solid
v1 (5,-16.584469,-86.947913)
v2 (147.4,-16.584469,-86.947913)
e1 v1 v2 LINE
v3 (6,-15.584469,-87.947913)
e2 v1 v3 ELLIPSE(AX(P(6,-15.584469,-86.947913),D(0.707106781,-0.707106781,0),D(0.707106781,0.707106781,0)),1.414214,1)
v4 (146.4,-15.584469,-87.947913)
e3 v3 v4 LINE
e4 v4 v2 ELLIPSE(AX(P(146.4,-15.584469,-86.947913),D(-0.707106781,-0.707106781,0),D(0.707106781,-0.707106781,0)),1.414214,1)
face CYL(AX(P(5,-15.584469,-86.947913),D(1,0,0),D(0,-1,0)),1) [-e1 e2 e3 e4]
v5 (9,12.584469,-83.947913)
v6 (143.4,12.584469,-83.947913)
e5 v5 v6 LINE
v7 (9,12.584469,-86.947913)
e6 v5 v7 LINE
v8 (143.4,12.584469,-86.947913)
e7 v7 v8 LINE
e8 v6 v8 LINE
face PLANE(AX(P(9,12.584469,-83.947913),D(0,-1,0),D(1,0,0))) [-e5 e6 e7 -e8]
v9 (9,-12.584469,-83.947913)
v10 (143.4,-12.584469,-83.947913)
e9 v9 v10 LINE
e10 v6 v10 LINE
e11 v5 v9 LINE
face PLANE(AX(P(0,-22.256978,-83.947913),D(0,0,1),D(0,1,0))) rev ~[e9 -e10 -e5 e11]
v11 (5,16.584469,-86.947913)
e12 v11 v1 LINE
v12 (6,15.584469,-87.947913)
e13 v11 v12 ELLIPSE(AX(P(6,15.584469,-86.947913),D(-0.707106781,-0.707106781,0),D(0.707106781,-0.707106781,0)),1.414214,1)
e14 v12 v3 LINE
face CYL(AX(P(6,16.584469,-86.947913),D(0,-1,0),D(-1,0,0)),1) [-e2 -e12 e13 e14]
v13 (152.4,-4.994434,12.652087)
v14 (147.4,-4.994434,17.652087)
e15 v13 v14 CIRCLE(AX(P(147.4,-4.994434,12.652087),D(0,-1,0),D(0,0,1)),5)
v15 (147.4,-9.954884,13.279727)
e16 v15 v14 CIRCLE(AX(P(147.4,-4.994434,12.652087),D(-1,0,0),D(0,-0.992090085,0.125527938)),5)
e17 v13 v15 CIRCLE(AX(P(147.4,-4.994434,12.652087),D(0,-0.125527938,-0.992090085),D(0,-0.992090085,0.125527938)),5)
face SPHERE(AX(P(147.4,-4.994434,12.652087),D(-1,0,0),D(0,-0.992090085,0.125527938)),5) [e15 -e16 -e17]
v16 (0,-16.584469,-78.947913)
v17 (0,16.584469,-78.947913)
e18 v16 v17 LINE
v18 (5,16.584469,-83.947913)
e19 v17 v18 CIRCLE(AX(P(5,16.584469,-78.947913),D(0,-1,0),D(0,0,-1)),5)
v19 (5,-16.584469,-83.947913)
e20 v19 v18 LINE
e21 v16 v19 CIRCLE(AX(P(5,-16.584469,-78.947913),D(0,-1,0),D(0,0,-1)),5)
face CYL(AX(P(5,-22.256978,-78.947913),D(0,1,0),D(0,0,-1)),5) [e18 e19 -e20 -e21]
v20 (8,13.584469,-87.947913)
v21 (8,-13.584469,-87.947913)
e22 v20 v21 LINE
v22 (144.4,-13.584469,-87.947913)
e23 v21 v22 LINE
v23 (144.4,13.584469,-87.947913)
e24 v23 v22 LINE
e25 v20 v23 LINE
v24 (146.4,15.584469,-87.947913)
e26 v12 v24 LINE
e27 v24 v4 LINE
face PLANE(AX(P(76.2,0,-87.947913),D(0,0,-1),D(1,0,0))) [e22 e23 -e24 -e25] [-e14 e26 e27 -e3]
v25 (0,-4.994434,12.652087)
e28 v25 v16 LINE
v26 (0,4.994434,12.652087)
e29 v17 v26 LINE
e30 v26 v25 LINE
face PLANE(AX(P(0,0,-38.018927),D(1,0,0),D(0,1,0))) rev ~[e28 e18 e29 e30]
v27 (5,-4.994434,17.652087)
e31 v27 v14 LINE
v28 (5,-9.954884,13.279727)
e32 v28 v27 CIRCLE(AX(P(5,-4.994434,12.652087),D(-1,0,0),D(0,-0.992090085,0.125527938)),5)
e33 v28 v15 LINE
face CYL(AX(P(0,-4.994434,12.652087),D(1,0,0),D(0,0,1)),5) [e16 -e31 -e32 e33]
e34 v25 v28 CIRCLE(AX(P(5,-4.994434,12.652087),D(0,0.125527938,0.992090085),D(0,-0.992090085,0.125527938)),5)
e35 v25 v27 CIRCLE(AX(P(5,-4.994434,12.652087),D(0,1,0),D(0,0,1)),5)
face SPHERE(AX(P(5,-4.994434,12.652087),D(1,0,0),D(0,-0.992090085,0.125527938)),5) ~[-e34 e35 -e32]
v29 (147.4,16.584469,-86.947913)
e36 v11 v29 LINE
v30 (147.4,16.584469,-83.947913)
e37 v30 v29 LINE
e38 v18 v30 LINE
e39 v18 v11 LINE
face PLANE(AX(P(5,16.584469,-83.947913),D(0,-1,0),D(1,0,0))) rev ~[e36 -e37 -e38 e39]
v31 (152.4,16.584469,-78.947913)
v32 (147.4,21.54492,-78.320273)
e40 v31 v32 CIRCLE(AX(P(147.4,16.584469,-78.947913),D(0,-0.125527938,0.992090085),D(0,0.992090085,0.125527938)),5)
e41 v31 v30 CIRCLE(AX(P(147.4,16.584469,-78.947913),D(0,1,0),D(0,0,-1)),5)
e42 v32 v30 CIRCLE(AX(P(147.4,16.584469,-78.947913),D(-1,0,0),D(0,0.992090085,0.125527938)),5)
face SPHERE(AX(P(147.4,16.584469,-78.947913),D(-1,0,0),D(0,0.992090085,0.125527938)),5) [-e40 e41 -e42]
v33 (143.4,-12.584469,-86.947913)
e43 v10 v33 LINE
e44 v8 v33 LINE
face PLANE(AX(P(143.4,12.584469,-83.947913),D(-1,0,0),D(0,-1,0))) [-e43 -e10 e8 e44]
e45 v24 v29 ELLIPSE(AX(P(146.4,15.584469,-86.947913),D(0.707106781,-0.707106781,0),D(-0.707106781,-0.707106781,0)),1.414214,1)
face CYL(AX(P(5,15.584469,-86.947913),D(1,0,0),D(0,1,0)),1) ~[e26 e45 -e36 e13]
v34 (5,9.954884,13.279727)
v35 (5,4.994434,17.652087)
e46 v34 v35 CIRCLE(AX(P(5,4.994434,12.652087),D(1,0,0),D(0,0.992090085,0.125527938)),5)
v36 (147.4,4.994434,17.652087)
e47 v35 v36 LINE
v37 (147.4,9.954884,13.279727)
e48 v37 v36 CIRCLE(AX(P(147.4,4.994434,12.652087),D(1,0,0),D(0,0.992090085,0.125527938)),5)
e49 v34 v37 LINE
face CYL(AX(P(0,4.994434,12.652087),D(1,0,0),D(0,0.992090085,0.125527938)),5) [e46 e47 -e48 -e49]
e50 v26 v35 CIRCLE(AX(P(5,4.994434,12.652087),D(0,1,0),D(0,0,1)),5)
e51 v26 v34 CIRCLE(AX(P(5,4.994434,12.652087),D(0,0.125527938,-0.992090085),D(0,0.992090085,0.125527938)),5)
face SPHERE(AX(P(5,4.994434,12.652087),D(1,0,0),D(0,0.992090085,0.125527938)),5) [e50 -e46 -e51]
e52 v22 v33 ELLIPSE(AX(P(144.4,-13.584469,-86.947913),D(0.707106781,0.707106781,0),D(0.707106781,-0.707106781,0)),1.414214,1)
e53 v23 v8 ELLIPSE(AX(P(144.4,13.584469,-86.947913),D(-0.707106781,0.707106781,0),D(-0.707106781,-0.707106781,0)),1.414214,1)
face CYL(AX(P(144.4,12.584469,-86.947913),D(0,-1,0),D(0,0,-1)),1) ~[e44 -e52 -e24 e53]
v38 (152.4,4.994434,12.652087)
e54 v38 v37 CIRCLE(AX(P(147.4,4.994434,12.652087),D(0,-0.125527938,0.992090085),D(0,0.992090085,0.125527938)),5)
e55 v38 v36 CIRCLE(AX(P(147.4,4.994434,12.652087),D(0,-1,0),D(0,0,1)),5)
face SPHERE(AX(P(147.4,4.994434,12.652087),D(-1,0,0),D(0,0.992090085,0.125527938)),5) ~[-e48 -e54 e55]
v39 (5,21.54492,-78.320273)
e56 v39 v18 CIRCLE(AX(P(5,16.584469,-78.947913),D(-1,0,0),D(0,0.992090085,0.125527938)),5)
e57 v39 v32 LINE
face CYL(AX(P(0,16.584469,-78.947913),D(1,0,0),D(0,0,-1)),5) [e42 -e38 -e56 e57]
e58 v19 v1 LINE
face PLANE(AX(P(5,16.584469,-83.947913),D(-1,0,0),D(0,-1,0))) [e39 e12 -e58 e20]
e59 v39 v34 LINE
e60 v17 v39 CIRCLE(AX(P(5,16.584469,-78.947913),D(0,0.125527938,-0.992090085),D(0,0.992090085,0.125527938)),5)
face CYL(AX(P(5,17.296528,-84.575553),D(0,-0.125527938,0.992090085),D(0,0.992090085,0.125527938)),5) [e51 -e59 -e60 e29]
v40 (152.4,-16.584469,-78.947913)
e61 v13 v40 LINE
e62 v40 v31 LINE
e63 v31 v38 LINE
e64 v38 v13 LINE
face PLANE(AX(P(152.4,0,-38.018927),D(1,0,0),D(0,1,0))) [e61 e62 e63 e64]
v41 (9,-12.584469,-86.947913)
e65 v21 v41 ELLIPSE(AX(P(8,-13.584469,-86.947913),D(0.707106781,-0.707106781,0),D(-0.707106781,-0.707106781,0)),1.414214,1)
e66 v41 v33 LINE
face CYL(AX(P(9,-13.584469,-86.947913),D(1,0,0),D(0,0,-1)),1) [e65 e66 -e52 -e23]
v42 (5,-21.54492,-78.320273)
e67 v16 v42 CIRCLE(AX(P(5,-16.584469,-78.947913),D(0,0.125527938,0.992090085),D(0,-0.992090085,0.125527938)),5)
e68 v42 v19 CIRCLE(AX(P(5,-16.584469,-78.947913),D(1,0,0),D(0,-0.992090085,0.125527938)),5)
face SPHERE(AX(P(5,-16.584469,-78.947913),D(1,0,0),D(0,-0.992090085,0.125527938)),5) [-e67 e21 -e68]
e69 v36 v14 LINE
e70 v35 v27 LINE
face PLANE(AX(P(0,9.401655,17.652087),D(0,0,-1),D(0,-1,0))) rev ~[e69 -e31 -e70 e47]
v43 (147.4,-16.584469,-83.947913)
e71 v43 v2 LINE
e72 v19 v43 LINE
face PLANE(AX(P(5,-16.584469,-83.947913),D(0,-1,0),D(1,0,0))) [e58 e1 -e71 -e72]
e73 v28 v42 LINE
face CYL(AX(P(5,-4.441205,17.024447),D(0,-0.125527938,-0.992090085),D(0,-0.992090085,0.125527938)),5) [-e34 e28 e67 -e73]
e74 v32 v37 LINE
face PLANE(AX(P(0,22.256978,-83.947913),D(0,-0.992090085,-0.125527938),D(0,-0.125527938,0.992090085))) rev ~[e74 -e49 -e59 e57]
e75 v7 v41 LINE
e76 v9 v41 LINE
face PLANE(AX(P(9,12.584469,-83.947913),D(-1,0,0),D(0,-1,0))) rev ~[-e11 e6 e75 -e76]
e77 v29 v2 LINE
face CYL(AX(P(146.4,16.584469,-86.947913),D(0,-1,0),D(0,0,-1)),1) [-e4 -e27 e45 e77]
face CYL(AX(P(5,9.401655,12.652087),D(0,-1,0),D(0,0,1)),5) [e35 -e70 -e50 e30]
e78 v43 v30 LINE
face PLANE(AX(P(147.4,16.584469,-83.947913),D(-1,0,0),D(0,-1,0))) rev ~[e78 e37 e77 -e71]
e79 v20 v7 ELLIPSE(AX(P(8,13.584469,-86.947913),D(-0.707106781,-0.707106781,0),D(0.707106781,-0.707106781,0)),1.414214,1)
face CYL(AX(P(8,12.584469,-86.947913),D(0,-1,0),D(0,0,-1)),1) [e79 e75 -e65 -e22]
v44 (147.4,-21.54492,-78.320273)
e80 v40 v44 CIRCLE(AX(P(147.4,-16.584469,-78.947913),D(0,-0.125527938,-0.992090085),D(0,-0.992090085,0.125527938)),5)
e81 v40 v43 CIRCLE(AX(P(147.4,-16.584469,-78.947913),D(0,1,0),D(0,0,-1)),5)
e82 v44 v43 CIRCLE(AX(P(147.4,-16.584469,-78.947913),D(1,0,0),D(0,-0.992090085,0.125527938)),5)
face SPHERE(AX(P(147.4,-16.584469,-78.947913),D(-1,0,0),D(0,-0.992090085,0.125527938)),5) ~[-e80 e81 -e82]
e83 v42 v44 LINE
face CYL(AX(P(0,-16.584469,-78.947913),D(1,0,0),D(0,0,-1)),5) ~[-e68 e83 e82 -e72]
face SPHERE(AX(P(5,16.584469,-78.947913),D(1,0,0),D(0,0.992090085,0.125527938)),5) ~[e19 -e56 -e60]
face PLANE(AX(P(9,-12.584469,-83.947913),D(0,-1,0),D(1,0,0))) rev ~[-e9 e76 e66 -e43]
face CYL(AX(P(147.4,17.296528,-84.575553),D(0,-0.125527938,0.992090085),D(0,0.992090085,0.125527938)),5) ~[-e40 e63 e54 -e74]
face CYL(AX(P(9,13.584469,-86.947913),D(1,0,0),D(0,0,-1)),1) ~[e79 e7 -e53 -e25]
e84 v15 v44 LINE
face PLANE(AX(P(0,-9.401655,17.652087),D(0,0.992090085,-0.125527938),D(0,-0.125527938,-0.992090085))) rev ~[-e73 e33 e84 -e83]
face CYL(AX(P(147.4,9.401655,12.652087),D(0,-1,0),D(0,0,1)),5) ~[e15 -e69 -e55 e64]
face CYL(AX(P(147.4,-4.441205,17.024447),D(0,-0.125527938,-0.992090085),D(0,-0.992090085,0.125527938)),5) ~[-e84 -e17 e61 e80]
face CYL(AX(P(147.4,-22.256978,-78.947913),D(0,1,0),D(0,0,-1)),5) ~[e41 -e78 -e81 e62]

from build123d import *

# Parameters (mm, degrees)
F1_DEPTH = 152.4
F2_R     = 5
F3_W     = 142.4
F3_H     = 33.168938
F3_W_2   = 134.4
F3_H_2   = 25.168938
F4_DEPTH = 4
F5_R     = 1


with BuildPart() as f1:
    # F0 (on Right) → F1 (new body)
    with BuildSketch(Plane.YZ):
        Polygon((-22.256978, -83.947913), (0, -83.947913), (22.256978, -83.947913), (9.401655, 17.652087), (0, 17.652087), (-9.401655, 17.652087), align=None)
    extrude(amount=F1_DEPTH)

    # F2
    f2_edges = [f1.edges().sort_by_distance(p)[0] for p in [
        (76.2, 22.256978, -83.947913),
        (76.2, 9.401655, 17.652087),
        (0, 15.829316, -33.147913),
        (152.4, 15.829316, -33.147913),
        (76.2, -9.401655, 17.652087),
        (76.2, -22.256978, -83.947913),
        (0, -15.829316, -33.147913),
        (152.4, -15.829316, -33.147913),
        (152.4, 0, 17.652087),
        (0, 0, 17.652087),
        (152.4, 0, -83.947913),
        (0, 0, -83.947913),
    ]]
    fillet(f2_edges, radius=F2_R)

    # F3 (on face) → F4 (join)
    with BuildSketch(Plane(origin=(0, 0, -83.947913), x_dir=(1, 0, 0), z_dir=(0, 0, -1))):
        with Locations((76.2, 0)):
            Rectangle(F3_W, F3_H)
        with Locations((76.2, 0)):
            Rectangle(F3_W_2, F3_H_2, mode=Mode.SUBTRACT)
    extrude(amount=F4_DEPTH)

    # F5
    f5_edges = [f1.edges().sort_by_distance(p)[0] for p in [
        (147.4, 0, -87.947913),
        (76.2, -16.584469, -87.947913),
        (5, 0, -87.947913),
        (76.2, 16.584469, -87.947913),
        (9, 0, -87.947913),
        (76.2, -12.584469, -87.947913),
        (143.4, 0, -87.947913),
        (76.2, 12.584469, -87.947913),
    ]]
    fillet(f5_edges, radius=F5_R)


solid = f1.part
